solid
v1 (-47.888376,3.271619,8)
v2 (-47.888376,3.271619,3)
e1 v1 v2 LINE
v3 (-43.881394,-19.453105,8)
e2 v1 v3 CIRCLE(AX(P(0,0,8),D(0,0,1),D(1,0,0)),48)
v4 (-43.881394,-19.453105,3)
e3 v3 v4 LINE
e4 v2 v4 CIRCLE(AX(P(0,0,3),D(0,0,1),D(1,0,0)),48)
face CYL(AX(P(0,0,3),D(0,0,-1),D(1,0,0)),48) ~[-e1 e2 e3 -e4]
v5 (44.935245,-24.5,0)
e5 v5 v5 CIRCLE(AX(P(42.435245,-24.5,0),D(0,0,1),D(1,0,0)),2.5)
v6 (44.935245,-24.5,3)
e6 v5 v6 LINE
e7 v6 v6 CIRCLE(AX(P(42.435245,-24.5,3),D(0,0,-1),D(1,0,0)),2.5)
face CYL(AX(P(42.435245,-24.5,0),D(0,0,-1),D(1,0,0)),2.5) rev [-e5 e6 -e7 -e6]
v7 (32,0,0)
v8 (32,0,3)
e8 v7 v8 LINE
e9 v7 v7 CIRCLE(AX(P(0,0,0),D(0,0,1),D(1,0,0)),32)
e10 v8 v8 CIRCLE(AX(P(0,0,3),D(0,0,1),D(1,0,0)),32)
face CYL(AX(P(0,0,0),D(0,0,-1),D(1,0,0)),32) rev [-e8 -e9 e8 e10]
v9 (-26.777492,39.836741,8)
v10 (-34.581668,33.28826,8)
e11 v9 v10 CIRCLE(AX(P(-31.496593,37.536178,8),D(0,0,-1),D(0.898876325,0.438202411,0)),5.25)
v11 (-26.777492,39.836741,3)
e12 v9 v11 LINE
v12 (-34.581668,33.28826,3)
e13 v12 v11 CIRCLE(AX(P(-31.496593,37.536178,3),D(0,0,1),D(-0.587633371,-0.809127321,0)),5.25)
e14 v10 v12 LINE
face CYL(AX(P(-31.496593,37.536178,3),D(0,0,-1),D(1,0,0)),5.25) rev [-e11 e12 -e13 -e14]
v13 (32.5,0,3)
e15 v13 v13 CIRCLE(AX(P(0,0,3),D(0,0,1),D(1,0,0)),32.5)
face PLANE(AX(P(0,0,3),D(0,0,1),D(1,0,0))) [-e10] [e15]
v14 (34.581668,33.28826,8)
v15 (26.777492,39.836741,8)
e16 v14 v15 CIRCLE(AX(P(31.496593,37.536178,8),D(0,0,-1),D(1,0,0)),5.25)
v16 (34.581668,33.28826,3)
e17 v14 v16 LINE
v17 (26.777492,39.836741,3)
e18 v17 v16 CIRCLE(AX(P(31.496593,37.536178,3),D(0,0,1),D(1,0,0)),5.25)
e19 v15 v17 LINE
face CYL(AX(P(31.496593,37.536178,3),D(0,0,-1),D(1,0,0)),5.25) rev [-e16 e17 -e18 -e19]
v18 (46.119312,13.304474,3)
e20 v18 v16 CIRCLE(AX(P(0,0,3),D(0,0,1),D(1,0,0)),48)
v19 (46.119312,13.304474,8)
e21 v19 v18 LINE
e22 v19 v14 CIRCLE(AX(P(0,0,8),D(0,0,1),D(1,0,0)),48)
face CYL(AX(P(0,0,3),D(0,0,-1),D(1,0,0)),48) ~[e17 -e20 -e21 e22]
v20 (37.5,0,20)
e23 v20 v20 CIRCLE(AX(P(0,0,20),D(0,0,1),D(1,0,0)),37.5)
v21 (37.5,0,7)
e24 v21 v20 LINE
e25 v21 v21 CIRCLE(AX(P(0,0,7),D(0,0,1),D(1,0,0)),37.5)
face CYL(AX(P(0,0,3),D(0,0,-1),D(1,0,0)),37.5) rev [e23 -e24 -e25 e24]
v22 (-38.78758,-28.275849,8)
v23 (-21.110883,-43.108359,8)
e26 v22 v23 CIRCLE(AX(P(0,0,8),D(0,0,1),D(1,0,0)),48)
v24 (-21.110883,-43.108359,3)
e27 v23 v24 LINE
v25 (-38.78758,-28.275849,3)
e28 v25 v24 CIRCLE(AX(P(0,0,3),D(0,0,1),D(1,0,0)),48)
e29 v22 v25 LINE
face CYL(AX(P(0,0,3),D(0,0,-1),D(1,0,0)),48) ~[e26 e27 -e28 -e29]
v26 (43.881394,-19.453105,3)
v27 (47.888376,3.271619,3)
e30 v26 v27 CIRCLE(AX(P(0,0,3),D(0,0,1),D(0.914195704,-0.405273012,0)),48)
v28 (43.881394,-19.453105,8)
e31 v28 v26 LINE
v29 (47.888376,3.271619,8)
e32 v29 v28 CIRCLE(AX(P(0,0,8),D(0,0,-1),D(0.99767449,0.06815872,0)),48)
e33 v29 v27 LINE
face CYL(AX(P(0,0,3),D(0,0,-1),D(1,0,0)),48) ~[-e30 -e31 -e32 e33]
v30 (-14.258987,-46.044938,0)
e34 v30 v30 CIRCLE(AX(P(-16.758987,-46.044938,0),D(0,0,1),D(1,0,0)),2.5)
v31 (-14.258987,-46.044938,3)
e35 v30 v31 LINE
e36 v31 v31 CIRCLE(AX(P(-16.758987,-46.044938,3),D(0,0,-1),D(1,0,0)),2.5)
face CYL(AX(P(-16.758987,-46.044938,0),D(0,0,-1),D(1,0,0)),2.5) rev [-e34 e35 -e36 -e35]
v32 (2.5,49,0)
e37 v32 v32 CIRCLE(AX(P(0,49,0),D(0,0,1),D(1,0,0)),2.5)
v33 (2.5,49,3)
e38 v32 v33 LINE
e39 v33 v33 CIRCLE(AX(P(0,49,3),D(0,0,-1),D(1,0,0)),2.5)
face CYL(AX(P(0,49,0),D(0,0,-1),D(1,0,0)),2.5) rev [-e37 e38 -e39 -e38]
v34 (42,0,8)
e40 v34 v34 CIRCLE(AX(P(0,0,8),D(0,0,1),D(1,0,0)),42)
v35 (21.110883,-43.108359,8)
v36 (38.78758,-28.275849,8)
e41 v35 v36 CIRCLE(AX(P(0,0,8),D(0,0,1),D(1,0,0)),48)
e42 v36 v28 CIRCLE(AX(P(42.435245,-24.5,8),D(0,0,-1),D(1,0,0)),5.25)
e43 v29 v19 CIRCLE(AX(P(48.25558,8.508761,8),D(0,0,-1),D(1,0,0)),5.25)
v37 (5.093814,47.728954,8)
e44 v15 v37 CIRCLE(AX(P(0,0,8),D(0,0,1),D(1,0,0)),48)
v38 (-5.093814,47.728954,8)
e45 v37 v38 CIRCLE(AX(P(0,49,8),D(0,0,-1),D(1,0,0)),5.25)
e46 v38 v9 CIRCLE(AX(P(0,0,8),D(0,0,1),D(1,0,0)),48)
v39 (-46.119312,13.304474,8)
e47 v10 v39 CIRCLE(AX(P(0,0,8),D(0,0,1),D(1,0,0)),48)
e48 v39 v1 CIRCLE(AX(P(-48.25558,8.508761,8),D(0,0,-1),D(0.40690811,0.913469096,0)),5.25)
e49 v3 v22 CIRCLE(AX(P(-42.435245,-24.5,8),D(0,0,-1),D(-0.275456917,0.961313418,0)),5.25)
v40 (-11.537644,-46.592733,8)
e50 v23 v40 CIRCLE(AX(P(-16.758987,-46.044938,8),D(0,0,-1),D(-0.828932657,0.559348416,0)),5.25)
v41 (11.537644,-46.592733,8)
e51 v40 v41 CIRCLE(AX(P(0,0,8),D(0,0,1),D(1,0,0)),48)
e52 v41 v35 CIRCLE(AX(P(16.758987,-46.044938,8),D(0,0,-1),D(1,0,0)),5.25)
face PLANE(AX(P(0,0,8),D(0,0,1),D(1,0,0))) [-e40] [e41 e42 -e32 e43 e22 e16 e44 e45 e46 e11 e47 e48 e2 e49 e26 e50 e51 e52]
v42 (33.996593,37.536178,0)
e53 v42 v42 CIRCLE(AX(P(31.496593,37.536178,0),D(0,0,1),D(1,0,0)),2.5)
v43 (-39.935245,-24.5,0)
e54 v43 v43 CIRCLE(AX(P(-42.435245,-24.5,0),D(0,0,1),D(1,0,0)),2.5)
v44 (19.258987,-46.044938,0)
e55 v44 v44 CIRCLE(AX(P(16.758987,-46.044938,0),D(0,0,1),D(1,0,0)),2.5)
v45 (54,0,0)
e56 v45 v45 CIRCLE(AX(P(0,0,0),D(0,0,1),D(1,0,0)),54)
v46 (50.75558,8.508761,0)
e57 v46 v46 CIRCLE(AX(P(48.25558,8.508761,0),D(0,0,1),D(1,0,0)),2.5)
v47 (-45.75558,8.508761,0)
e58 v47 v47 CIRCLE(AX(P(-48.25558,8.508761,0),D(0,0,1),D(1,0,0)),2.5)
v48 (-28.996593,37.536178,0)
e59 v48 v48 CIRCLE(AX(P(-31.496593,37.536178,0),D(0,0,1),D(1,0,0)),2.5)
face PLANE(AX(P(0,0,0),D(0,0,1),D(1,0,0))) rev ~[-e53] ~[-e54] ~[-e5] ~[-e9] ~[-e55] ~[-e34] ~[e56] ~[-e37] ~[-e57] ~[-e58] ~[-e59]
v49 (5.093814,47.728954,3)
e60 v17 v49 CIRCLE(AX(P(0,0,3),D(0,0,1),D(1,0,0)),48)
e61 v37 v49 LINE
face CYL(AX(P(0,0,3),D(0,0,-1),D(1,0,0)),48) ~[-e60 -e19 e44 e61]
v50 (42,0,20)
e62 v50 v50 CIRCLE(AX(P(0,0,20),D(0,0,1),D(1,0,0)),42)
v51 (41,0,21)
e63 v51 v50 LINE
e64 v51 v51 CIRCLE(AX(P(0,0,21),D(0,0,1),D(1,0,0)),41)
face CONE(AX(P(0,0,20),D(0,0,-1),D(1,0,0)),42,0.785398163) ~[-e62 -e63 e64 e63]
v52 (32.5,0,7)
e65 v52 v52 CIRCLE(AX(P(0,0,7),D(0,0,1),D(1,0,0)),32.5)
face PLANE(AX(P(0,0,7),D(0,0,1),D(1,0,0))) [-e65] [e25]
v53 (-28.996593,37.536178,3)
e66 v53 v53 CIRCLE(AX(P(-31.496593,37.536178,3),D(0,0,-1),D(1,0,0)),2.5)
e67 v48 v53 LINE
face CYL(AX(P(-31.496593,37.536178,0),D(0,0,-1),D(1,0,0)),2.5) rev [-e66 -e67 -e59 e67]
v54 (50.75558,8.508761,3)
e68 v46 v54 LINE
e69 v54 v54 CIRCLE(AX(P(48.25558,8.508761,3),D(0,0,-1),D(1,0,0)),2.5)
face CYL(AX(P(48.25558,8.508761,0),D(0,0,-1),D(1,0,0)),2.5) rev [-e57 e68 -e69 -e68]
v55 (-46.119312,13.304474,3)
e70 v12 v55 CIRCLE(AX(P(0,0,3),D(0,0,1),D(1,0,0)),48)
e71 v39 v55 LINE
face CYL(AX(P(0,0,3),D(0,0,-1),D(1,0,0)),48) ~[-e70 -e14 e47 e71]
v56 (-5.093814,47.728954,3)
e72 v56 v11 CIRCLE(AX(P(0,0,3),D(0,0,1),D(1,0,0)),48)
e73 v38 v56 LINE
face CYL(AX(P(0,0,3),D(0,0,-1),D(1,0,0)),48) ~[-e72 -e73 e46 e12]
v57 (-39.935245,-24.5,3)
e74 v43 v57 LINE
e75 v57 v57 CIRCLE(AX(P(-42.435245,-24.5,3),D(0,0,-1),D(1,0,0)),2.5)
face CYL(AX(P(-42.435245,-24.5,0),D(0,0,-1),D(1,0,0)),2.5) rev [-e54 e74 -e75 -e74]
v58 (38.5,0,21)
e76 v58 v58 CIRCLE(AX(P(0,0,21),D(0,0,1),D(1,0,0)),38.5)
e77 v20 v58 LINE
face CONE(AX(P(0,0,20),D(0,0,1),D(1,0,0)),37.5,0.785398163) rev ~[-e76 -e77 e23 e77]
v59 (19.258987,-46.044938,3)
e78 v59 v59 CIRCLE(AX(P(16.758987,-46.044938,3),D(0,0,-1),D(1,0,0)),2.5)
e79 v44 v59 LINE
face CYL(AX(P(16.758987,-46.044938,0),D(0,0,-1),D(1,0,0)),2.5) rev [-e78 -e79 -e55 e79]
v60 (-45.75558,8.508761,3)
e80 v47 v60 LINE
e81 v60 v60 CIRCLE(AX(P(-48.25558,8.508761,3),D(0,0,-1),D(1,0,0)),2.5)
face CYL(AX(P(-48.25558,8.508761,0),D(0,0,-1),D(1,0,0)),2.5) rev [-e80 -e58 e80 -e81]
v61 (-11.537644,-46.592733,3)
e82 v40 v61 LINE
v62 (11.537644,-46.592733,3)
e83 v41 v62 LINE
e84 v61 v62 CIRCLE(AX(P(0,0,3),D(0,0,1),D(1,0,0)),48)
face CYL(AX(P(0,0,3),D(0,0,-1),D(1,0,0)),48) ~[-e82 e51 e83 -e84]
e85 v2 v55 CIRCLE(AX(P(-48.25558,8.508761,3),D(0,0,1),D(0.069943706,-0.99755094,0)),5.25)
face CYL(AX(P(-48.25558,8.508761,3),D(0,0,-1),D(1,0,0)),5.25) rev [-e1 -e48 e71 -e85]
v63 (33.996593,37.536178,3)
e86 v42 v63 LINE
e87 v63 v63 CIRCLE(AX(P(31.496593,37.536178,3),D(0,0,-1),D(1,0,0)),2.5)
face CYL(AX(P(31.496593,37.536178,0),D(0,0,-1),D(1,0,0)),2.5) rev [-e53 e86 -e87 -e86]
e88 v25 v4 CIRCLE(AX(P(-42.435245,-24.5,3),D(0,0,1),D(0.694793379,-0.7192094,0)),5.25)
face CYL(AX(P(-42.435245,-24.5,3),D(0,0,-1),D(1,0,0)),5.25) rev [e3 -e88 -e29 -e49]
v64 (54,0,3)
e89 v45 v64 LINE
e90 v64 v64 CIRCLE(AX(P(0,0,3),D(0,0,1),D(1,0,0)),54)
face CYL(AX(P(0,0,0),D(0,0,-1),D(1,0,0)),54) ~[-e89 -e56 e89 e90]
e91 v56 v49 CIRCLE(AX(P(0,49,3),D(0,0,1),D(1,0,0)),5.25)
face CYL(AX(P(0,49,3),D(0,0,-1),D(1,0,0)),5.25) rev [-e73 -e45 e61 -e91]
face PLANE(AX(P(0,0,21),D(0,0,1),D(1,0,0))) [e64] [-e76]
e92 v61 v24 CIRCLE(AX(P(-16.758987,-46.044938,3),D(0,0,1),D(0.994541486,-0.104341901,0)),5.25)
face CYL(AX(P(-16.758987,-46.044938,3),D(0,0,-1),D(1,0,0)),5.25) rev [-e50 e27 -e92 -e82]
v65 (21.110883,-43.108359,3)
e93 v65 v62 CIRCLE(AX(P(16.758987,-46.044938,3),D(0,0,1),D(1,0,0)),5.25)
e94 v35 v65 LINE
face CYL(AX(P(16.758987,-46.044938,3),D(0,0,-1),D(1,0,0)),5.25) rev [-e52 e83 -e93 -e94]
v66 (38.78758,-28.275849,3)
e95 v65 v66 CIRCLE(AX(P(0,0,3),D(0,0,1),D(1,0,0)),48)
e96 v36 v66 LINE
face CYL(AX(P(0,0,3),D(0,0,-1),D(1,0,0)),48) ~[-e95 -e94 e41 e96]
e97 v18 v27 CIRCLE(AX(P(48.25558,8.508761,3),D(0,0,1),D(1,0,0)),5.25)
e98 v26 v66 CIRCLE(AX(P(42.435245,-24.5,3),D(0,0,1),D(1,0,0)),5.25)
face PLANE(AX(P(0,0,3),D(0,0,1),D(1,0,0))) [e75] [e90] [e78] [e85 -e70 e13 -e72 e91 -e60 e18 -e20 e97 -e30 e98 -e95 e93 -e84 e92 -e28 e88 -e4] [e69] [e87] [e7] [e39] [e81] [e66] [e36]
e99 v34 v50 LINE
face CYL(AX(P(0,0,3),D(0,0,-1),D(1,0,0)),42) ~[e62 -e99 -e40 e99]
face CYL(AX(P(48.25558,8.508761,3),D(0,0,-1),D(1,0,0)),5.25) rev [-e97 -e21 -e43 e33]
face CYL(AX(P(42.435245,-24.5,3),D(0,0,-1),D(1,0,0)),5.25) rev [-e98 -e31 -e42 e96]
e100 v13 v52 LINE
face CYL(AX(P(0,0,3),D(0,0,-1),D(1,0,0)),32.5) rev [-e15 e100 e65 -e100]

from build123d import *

# Parameters (mm, degrees)
SKETCH_R      = 54
SKETCH_R_2    = 32
SKETCH_R_3    = 2.5
PAD_DEPTH     = 3
SKETCH001_R   = 37.5
SKETCH001_R_2 = 32.5
PAD001_DEPTH  = 4
SKETCH002_R   = 42
SKETCH002_R_2 = 37.5
PAD002_DEPTH  = 18
SKETCH003_R   = 48
SKETCH003_R_2 = 42
PAD003_DEPTH  = 5
SKETCH004_R   = 32
SKETCH004_R_2 = 5.25
POCKET_DEPTH  = 18.001
CHAMFER_SIZE  = 1


with BuildPart() as part:
    # Sketch → Pad (new body)
    with BuildSketch(Plane.XY):
        Circle(SKETCH_R)
        Circle(SKETCH_R_2, mode=Mode.SUBTRACT)
        with Locations((31.496593, 37.536178)):
            Circle(SKETCH_R_3, mode=Mode.SUBTRACT)
        with Locations((48.25558, 8.508761)):
            Circle(SKETCH_R_3, mode=Mode.SUBTRACT)
        with Locations((42.435245, -24.5)):
            Circle(SKETCH_R_3, mode=Mode.SUBTRACT)
        with Locations((16.758987, -46.044938)):
            Circle(SKETCH_R_3, mode=Mode.SUBTRACT)
        with Locations((-16.758987, -46.044938)):
            Circle(SKETCH_R_3, mode=Mode.SUBTRACT)
        with Locations((-42.435245, -24.5)):
            Circle(SKETCH_R_3, mode=Mode.SUBTRACT)
        with Locations((-48.25558, 8.508761)):
            Circle(SKETCH_R_3, mode=Mode.SUBTRACT)
        with Locations((-31.496593, 37.536178)):
            Circle(SKETCH_R_3, mode=Mode.SUBTRACT)
        with Locations((0, 49)):
            Circle(SKETCH_R_3, mode=Mode.SUBTRACT)
    extrude(amount=PAD_DEPTH)

    # Sketch001 (on Face13 of Pad) → Pad001 (join)
    with BuildSketch(Plane.XY.offset(3)):
        Circle(SKETCH001_R)
        Circle(SKETCH001_R_2, mode=Mode.SUBTRACT)
    extrude(amount=PAD001_DEPTH)

    # Sketch002 (on Face3 of Pad001) → Pad002 (join)
    with BuildSketch(Plane.XY.offset(3)):
        Circle(SKETCH002_R)
        Circle(SKETCH002_R_2, mode=Mode.SUBTRACT)
    extrude(amount=PAD002_DEPTH)

    # Sketch003 (on Face3 of Pad002) → Pad003 (join)
    with BuildSketch(Plane.XY.offset(3)):
        Circle(SKETCH003_R)
        Circle(SKETCH003_R_2, mode=Mode.SUBTRACT)
    extrude(amount=PAD003_DEPTH)

    # Sketch004 → Pocket (cut, through all)
    with BuildSketch(Plane.XY.offset(3)):
        Circle(SKETCH004_R)
        with Locations((31.496593, 37.536178)):
            Circle(SKETCH004_R_2)
        with Locations((48.25558, 8.508761)):
            Circle(SKETCH004_R_2)
        with Locations((42.435245, -24.5)):
            Circle(SKETCH004_R_2)
        with Locations((16.758987, -46.044938)):
            Circle(SKETCH004_R_2)
        with Locations((-16.758987, -46.044938)):
            Circle(SKETCH004_R_2)
        with Locations((-42.435245, -24.5)):
            Circle(SKETCH004_R_2)
        with Locations((-48.25558, 8.508761)):
            Circle(SKETCH004_R_2)
        with Locations((-31.496593, 37.536178)):
            Circle(SKETCH004_R_2)
        with Locations((0, 49)):
            Circle(SKETCH004_R_2)
    extrude(amount=POCKET_DEPTH, mode=Mode.SUBTRACT)

    # Chamfer
    chamfer_edges = [part.edges().sort_by_distance(p)[0] for p in [
        (-37.5, 0, 21),
        (-42, 0, 21),
    ]]
    chamfer(chamfer_edges, length=CHAMFER_SIZE)


solid = part.part
